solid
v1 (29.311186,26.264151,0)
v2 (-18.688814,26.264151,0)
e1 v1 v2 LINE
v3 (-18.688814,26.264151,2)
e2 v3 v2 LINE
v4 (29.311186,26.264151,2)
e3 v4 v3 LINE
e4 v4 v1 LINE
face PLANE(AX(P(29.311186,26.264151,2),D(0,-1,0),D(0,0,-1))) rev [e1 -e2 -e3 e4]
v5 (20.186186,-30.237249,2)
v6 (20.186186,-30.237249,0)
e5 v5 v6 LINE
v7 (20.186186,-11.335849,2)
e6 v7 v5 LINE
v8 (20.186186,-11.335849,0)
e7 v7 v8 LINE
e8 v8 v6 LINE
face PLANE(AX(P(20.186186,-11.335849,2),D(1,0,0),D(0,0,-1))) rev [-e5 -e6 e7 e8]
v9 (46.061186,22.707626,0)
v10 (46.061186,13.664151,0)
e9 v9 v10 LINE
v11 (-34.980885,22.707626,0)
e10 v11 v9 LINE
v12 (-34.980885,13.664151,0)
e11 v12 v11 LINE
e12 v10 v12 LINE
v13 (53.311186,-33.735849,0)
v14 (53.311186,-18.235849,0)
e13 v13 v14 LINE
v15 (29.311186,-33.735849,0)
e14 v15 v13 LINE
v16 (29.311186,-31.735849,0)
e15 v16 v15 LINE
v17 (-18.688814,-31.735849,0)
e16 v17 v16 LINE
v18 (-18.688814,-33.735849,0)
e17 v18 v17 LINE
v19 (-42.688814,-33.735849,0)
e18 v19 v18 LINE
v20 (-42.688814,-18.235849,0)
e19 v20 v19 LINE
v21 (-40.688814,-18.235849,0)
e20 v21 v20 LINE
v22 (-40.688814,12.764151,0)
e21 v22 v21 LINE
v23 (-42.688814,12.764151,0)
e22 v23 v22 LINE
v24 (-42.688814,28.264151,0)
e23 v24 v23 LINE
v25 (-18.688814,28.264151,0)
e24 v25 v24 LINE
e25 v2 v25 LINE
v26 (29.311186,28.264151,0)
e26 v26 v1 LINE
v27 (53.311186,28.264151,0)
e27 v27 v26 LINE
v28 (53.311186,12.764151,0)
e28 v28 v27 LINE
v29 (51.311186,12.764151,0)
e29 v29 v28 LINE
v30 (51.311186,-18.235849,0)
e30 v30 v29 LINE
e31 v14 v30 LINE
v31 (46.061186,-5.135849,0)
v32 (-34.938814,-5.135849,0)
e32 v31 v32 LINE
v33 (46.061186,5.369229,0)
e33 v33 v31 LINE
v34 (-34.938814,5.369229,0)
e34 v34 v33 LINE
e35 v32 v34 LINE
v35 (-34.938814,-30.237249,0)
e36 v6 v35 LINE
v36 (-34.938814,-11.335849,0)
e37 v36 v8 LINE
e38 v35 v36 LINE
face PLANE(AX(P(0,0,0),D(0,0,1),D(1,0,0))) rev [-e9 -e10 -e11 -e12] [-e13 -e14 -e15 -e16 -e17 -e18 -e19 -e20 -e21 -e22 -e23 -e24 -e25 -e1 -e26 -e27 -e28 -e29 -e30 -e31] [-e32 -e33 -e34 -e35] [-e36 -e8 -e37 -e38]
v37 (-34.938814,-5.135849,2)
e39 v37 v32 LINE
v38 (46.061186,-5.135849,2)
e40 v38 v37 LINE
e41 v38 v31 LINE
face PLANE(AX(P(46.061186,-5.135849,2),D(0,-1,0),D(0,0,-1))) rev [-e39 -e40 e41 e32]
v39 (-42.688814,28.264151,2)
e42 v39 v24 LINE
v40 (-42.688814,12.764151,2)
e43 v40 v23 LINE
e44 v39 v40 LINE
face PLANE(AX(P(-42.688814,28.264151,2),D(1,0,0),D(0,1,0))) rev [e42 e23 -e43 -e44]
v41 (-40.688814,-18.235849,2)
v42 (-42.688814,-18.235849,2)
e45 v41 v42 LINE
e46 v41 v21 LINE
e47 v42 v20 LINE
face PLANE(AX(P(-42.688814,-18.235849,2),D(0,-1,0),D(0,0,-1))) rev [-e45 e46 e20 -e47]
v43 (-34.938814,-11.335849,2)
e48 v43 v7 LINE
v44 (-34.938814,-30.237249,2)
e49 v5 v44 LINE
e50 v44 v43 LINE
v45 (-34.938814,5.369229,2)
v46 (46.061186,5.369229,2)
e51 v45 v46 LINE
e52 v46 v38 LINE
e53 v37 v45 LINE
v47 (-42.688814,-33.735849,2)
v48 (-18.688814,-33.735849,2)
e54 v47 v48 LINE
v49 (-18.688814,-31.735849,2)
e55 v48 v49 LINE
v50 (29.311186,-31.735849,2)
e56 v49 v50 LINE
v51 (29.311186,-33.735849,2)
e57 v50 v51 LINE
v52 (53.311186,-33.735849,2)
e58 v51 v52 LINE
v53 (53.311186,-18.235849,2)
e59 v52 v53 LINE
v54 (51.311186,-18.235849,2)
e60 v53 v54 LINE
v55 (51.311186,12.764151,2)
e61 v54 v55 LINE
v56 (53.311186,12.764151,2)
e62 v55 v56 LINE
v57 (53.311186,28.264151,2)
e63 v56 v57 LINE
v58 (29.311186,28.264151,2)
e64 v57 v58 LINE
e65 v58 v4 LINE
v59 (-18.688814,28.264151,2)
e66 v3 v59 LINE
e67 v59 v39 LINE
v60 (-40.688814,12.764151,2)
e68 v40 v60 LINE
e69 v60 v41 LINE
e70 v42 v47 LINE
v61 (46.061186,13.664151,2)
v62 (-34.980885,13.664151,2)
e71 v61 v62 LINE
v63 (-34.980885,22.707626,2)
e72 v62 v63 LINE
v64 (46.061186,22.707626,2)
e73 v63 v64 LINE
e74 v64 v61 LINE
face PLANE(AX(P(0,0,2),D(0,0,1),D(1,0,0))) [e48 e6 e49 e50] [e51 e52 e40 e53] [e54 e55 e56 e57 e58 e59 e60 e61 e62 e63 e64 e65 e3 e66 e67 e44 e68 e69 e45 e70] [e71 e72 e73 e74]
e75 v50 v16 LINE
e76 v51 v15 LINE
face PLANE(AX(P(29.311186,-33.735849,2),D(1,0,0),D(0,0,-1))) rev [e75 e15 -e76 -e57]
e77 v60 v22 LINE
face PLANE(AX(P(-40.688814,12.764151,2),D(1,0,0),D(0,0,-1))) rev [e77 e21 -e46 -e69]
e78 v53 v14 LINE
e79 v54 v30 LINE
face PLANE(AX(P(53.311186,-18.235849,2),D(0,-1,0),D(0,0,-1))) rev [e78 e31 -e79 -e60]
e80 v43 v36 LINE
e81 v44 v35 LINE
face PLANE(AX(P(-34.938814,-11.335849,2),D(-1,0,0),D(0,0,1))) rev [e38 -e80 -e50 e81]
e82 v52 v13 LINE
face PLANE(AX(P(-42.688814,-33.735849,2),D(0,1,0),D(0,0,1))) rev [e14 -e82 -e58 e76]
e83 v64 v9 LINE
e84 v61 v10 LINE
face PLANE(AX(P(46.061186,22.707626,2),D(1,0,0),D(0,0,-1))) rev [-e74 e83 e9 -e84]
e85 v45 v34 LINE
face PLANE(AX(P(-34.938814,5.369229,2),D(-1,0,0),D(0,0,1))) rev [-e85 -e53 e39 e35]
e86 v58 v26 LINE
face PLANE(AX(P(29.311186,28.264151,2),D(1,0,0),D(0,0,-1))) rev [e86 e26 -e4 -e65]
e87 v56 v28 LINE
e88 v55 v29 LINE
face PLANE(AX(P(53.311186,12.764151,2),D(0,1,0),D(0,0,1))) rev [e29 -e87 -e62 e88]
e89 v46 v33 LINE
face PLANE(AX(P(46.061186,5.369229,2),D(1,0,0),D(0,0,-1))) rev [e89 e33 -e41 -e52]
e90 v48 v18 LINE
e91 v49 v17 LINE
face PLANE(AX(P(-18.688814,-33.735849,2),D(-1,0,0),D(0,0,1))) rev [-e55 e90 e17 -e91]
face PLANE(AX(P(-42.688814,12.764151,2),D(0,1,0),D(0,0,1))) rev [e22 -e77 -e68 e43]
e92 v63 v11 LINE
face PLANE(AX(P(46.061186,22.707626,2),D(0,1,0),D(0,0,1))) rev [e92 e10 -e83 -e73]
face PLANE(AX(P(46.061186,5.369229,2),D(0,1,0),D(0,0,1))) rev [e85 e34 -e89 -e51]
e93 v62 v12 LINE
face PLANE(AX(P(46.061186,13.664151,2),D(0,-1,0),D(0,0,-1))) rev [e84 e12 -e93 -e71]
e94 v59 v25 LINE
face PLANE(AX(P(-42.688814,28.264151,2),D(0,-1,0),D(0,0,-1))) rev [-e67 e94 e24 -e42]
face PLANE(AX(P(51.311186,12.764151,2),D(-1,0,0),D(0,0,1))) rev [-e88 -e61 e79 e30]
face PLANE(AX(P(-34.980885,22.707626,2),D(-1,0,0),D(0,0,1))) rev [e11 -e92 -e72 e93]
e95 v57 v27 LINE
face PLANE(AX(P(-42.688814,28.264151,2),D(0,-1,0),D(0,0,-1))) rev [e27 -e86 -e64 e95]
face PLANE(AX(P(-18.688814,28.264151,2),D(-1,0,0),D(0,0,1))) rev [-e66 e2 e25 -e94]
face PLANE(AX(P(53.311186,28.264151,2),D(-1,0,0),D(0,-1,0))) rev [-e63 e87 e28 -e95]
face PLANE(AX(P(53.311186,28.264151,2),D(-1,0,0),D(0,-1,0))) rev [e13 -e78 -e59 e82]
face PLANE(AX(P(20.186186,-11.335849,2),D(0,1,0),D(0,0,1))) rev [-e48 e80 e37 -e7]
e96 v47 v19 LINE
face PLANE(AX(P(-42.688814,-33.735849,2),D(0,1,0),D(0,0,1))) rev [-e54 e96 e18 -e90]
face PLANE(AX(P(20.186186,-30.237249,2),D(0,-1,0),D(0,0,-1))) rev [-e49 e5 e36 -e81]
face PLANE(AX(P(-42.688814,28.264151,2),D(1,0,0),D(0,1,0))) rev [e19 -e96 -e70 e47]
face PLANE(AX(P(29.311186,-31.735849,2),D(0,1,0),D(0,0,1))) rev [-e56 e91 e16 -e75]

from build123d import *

# Parameters (mm, degrees)
SKETCH_1_W          = 96
SKETCH_1_H          = 62
EXTRUDE_1_DEPTH     = 2
SKETCH_2_W          = 55.125
SKETCH_2_H          = 18.9014
SKETCH_2_W_2        = 81
SKETCH_2_H_2        = 10.505077979
SKETCH_2_W_3        = 81.042070701
SKETCH_2_H_3        = 9.043475151
CUT_EXTRUDE_1_DEPTH = 2
SKETCH_3_W          = 48
SKETCH_3_H          = 2
CUT_EXTRUDE_2_DEPTH = 3
SKETCH_4_W          = 48
SKETCH_4_H          = 2
CUT_EXTRUDE_3_DEPTH = 3
SKETCH_5_W          = 2
SKETCH_5_H          = 31
CUT_EXTRUDE_4_DEPTH = 3
SKETCH_6_W          = 2
SKETCH_6_H          = 31
CUT_EXTRUDE_5_DEPTH = 3


with BuildPart() as part:
    # ｽｹｯﾁ1 → ﾎﾞｽ - 押し出し1 (new body)
    with BuildSketch(Plane.XY):
        with Locations((5.311186132, -2.735849057)):
            Rectangle(SKETCH_1_W, SKETCH_1_H)
    extrude(amount=EXTRUDE_1_DEPTH)

    # ｽｹｯﾁ2 → ｶｯﾄ - 押し出し1 (cut)
    with BuildSketch(Plane(origin=(0, 0, 0), x_dir=(-1, 0, 0), z_dir=(0, 0, -1))):
        with Locations((7.376313868, -20.786549057)):
            Rectangle(SKETCH_2_W, SKETCH_2_H)
        with Locations((-5.561186132, 0.116689932)):
            Rectangle(SKETCH_2_W_2, SKETCH_2_H_2)
        with Locations((-5.540150781, 18.185888519)):
            Rectangle(SKETCH_2_W_3, SKETCH_2_H_3)
    extrude(amount=-CUT_EXTRUDE_1_DEPTH, mode=Mode.SUBTRACT)

    # ｽｹｯﾁ3 → ｶｯﾄ - 押し出し2 (cut, through all)
    with BuildSketch(Plane(origin=(0, 0, 0), x_dir=(-1, 0, 0), z_dir=(0, 0, -1))):
        with Locations((-5.311186132, -32.735849057)):
            Rectangle(SKETCH_3_W, SKETCH_3_H)
    extrude(amount=-CUT_EXTRUDE_2_DEPTH, mode=Mode.SUBTRACT)

    # ｽｹｯﾁ4 → ｶｯﾄ - 押し出し3 (cut, through all)
    with BuildSketch(Plane(origin=(0, 0, 0), x_dir=(-1, 0, 0), z_dir=(0, 0, -1))):
        with Locations((-5.311186132, 27.264150943)):
            Rectangle(SKETCH_4_W, SKETCH_4_H)
    extrude(amount=-CUT_EXTRUDE_3_DEPTH, mode=Mode.SUBTRACT)

    # ｽｹｯﾁ5 → ｶｯﾄ - 押し出し4 (cut, through all)
    with BuildSketch(Plane(origin=(0, 0, 0), x_dir=(-1, 0, 0), z_dir=(0, 0, -1))):
        with Locations((41.688813868, -2.735849057)):
            Rectangle(SKETCH_5_W, SKETCH_5_H)
    extrude(amount=-CUT_EXTRUDE_4_DEPTH, mode=Mode.SUBTRACT)

    # ｽｹｯﾁ6 → ｶｯﾄ - 押し出し5 (cut, through all)
    with BuildSketch(Plane(origin=(0, 0, 0), x_dir=(-1, 0, 0), z_dir=(0, 0, -1))):
        with Locations((-52.311186132, -2.735849057)):
            Rectangle(SKETCH_6_W, SKETCH_6_H)
    extrude(amount=-CUT_EXTRUDE_5_DEPTH, mode=Mode.SUBTRACT)


solid = part.part
